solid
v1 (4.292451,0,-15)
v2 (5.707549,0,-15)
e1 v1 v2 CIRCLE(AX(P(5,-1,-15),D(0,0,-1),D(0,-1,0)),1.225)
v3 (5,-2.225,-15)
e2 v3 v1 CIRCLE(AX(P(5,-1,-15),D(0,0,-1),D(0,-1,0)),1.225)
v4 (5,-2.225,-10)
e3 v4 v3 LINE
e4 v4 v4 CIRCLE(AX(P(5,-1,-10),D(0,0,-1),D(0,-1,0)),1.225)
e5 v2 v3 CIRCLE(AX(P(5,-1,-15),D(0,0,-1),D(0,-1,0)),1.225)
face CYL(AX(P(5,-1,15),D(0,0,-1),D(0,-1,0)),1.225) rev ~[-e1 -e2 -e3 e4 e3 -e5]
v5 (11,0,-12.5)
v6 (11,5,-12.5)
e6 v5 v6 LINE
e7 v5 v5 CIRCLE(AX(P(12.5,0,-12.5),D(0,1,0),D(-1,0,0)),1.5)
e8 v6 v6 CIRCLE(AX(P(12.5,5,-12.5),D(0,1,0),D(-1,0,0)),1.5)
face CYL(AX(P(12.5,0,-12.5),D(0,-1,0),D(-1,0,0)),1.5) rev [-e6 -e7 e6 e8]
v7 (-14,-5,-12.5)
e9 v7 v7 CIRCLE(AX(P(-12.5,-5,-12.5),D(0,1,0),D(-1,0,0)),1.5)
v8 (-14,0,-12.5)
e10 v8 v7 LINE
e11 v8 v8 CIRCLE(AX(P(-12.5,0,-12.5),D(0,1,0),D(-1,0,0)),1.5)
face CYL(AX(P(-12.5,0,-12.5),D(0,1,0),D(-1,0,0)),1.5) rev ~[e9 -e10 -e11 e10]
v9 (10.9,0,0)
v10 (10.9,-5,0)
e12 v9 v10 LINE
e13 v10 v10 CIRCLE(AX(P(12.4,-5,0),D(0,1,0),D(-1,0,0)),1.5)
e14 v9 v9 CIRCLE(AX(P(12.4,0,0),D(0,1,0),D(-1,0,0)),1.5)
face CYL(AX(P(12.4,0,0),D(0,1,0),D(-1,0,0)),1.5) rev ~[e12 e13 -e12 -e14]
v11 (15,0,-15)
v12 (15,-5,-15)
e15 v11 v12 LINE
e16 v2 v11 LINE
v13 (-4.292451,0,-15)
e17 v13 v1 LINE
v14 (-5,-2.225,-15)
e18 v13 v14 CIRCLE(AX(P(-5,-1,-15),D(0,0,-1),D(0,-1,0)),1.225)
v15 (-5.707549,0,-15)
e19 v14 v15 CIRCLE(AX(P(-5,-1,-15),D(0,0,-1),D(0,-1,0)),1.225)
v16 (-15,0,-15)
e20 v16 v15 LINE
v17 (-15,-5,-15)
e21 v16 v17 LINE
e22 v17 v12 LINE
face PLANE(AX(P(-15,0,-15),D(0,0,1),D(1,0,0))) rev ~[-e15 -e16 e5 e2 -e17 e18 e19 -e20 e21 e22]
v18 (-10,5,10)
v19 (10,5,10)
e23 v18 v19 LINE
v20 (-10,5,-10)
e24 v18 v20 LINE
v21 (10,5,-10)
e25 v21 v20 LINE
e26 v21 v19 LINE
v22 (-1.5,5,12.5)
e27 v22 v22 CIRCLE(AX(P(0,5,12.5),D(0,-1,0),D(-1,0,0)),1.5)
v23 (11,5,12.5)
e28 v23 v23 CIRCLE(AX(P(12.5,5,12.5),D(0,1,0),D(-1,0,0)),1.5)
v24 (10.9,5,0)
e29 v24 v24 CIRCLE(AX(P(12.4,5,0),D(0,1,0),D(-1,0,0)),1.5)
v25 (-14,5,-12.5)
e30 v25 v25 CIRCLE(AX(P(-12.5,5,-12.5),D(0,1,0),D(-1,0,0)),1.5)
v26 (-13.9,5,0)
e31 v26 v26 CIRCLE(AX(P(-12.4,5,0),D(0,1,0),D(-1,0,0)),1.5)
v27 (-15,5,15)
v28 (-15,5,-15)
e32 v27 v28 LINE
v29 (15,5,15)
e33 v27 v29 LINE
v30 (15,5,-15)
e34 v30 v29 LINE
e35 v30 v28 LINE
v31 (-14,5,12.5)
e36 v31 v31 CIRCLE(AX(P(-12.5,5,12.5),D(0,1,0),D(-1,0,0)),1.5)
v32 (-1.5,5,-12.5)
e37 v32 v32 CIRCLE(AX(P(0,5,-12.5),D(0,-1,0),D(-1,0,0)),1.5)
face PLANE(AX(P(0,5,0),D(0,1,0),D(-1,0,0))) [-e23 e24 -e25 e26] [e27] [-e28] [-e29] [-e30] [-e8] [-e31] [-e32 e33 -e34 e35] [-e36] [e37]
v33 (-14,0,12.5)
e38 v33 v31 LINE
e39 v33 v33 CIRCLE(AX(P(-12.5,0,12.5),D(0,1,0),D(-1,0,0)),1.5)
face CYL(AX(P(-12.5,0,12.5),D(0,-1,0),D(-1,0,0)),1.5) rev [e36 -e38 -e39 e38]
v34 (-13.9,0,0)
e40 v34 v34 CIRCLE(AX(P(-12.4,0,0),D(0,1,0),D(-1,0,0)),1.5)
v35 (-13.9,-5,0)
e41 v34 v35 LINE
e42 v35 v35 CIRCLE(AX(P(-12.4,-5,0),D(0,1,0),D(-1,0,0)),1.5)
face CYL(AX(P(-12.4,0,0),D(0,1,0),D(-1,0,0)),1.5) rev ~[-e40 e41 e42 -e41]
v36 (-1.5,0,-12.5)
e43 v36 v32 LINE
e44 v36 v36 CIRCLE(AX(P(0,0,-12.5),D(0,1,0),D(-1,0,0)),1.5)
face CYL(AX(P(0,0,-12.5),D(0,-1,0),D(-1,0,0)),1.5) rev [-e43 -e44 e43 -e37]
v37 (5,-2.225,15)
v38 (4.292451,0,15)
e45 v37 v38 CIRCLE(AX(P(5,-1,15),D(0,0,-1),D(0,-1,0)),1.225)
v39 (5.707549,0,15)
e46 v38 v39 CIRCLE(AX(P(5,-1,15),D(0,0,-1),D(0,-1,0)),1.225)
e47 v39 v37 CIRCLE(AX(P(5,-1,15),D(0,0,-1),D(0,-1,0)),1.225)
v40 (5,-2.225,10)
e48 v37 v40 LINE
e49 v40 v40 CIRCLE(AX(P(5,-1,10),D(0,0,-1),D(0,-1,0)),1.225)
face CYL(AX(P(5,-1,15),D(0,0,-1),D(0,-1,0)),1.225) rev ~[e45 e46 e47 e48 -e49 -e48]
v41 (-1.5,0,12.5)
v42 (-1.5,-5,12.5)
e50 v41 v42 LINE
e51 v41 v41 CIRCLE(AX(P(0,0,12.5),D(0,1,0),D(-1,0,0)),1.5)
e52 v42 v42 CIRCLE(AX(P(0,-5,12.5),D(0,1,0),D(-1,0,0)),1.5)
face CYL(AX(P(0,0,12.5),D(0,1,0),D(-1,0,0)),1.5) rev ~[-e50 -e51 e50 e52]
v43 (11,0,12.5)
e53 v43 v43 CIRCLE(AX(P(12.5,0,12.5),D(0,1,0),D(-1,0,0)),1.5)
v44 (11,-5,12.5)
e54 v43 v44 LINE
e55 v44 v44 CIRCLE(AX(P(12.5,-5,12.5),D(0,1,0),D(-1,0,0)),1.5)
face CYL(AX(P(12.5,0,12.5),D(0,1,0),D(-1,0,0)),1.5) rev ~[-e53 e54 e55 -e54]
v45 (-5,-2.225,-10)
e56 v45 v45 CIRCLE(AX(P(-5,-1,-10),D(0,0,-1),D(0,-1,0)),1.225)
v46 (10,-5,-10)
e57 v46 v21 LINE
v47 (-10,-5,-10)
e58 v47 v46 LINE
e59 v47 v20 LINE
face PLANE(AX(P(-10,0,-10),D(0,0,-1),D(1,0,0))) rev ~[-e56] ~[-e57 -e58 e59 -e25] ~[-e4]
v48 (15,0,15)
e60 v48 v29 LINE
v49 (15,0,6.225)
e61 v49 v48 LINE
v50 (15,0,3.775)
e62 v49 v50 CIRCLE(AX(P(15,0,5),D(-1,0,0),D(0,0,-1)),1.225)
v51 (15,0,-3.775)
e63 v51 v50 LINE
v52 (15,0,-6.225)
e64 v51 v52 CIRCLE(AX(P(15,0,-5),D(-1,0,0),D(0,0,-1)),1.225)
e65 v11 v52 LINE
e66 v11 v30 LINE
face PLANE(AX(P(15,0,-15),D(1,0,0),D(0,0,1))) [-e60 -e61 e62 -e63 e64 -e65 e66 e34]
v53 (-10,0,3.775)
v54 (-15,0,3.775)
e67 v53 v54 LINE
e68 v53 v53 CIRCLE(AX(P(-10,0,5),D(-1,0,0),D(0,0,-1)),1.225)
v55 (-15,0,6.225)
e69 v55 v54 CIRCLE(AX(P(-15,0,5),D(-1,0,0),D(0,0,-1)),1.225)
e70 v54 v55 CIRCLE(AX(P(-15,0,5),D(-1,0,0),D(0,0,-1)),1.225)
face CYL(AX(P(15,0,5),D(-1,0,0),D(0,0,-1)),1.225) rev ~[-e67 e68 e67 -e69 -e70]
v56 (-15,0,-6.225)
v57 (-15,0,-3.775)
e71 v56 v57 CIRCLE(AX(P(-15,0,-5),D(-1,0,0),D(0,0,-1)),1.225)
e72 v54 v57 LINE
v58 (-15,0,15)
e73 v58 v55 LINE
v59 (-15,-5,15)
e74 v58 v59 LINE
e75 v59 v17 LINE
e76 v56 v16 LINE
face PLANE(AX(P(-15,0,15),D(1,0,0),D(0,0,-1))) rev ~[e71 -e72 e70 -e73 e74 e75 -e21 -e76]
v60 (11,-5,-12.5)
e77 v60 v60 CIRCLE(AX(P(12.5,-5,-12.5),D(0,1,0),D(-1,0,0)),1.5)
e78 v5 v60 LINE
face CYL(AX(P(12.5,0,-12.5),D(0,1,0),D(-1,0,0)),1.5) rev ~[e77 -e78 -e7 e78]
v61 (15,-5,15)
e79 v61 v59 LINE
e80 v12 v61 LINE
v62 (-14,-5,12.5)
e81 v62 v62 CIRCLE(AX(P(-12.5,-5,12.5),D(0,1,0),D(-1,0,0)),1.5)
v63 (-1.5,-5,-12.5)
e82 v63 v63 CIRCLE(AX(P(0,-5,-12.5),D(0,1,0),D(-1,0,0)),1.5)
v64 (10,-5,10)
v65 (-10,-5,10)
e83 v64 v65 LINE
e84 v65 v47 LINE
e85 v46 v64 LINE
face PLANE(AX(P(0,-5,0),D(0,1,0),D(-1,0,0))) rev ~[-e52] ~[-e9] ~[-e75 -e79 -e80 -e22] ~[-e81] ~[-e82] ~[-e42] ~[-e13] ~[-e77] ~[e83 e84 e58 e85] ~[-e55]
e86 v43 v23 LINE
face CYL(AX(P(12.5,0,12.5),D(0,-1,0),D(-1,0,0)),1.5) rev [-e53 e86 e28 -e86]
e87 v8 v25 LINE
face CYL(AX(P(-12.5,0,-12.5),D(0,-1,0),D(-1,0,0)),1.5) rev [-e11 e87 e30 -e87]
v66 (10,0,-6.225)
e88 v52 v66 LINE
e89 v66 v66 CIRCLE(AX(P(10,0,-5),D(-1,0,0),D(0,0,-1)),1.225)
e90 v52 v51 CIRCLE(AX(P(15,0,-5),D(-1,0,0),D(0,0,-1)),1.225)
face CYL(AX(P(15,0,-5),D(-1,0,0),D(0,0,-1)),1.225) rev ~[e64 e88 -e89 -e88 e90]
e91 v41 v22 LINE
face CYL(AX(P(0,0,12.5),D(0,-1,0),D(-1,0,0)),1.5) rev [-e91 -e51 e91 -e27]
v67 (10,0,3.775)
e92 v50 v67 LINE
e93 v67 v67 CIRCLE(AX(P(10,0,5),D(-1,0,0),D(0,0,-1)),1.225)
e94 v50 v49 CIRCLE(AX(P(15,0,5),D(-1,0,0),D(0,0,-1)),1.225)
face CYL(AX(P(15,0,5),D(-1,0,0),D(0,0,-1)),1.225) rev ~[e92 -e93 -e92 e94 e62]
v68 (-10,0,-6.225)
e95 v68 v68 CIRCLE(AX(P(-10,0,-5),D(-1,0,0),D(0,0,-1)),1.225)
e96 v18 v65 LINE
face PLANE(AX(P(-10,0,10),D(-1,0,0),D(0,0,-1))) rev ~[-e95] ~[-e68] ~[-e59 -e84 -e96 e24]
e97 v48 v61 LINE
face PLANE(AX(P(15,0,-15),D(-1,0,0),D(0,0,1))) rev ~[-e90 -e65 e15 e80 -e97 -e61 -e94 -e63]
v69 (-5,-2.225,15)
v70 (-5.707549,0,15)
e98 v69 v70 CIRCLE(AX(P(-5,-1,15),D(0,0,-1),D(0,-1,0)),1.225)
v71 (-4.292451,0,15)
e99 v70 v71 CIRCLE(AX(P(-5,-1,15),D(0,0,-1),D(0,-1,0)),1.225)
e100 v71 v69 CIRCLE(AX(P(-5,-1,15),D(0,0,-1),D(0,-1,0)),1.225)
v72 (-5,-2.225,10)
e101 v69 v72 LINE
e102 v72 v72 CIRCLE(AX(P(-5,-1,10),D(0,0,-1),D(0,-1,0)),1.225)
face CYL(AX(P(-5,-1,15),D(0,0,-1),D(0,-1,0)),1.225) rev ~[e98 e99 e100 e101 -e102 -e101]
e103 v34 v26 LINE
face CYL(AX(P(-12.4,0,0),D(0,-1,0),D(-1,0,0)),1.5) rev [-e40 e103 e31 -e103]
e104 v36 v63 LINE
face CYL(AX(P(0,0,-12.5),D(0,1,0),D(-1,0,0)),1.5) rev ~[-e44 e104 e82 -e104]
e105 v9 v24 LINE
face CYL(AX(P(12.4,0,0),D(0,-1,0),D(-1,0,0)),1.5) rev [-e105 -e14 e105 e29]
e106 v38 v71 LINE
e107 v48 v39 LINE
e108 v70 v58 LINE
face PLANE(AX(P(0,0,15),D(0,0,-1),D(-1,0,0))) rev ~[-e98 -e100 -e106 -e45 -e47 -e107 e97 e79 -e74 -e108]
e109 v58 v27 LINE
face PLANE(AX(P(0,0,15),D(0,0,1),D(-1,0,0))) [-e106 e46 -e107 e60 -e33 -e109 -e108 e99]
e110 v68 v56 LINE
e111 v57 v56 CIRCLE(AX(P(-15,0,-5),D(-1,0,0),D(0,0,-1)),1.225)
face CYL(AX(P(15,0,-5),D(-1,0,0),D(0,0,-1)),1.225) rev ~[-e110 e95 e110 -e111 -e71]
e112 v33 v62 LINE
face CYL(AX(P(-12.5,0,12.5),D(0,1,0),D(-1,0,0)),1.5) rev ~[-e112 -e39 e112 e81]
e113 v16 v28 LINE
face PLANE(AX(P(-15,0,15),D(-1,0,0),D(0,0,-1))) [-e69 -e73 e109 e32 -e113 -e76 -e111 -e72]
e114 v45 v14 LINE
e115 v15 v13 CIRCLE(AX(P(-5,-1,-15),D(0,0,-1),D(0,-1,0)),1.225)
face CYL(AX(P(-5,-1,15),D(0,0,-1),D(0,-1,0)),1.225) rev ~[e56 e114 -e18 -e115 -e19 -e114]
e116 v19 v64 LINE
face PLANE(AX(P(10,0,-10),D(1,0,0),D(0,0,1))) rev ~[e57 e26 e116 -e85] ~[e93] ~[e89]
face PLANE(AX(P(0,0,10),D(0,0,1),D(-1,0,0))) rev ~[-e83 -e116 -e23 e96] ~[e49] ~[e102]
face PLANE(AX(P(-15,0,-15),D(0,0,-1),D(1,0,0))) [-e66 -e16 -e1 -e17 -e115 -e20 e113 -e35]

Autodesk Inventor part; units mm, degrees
ref_plane "YZ Plane" through (0, 0, 0) normal (1, 0, 0) x (0, 1, 0)
ref_plane "XZ Plane" through (0, 0, 0) normal (0, 1, 0) x (-1, 0, 0)
ref_plane "XY Plane" through (0, 0, 0) normal (0, 0, 1) x (1, 0, 0)
sketch "Sketch1" plane through (0, 0, 0) normal (0, 1, 0) x (-1, 0, 0)
  line L0 (10, -10) -> (-10, -10)
  line L1 (-10, -10) -> (-10, 10)
  line L2 (-10, 10) -> (10, 10)
  line L3 (10, 10) -> (10, -10)
  line L4 (10, -10) -> (-10, 10) construction
  line L5 (-10, -10) -> (10, 10) construction
  line L6 (-15, 15) -> (15, 15)
  line L7 (15, 15) -> (15, -15)
  line L8 (15, -15) -> (-15, -15)
  line L9 (-15, -15) -> (-15, 15)
  line L10 (-15, 15) -> (15, -15) construction
  line L11 (15, 15) -> (-15, -15) construction
  circle A0 centre (12.4, 0) radius 1.5
  circle A1 centre (0, 12.5) radius 1.5
  circle A2 centre (0, -12.5) radius 1.5
  circle A3 centre (12.5, -12.5) radius 1.5
  circle A4 centre (12.5, 12.5) radius 1.5
  line L12 (0, -15) -> (0, 15)
  circle A5 centre (-12.4, 0) radius 1.5
  circle A6 centre (-12.5, -12.5) radius 1.5
  circle A7 centre (-12.5, 12.5) radius 1.5
  point P0 (0, 0)
  point P1 (10, 0)
  dimension "d0" = 20
  dimension "d1" = 20
  dimension "d4" = 30
  dimension "d5" = 30
  dimension "d6" = 3
  dimension "d7" = 3
  dimension "d8" = 3
  dimension "d9" = 12.5
  dimension "d10" = 12.4
  dimension "d11" = 12.5
  dimension "d12" = 3
  dimension "d13" = 3
  dimension "d14" = 12.5
extrude "Extrusion1" add sketch "Sketch1" along normal mid plane 10 contours L3 L2 L12 A1 L6 L7 L8 A2 L0 | L12 A2 L8 L9 L6 A1 L2 L1 L0
sketch "Sketch2" plane through (-15, 5, 15) normal (0, 0, 1) x (1, 0, 0)
  line L0 (30, 0) -> (30, -10) projected
  line L1 (0, 0) -> (30, 0) projected
  line L2 (0, -10) -> (0, 0) projected
  line L3 (30, -10) -> (0, -10) projected
  point P0 (15, -5)
  point P1 (10, -6)
  point P2 (20, -6)
  dimension "d17" = 10
  dimension "d18" = 10
hole "Hole1" at (5, -1, 15) at (-5, -1, 15) direction (0, 0, -1) diameter 2.45 depth 30
sketch "Sketch3" plane through (15, -5, -15) normal (1, 0, 0) x (0, 0, -1)
  line L0 (0, 0) -> (0, 10) projected
  point P0 (-15, 5)
  point P1 (-20, 5)
  point P2 (-10, 5)
  point P3 (0, 5)
  dimension "d26" = 10
  dimension "d27" = 10
hole "Hole2" at (15, 0, -5) at (15, 0, 5) direction (-1, 0, 0) diameter 2.45 depth 30
properties part number "sleeve"
